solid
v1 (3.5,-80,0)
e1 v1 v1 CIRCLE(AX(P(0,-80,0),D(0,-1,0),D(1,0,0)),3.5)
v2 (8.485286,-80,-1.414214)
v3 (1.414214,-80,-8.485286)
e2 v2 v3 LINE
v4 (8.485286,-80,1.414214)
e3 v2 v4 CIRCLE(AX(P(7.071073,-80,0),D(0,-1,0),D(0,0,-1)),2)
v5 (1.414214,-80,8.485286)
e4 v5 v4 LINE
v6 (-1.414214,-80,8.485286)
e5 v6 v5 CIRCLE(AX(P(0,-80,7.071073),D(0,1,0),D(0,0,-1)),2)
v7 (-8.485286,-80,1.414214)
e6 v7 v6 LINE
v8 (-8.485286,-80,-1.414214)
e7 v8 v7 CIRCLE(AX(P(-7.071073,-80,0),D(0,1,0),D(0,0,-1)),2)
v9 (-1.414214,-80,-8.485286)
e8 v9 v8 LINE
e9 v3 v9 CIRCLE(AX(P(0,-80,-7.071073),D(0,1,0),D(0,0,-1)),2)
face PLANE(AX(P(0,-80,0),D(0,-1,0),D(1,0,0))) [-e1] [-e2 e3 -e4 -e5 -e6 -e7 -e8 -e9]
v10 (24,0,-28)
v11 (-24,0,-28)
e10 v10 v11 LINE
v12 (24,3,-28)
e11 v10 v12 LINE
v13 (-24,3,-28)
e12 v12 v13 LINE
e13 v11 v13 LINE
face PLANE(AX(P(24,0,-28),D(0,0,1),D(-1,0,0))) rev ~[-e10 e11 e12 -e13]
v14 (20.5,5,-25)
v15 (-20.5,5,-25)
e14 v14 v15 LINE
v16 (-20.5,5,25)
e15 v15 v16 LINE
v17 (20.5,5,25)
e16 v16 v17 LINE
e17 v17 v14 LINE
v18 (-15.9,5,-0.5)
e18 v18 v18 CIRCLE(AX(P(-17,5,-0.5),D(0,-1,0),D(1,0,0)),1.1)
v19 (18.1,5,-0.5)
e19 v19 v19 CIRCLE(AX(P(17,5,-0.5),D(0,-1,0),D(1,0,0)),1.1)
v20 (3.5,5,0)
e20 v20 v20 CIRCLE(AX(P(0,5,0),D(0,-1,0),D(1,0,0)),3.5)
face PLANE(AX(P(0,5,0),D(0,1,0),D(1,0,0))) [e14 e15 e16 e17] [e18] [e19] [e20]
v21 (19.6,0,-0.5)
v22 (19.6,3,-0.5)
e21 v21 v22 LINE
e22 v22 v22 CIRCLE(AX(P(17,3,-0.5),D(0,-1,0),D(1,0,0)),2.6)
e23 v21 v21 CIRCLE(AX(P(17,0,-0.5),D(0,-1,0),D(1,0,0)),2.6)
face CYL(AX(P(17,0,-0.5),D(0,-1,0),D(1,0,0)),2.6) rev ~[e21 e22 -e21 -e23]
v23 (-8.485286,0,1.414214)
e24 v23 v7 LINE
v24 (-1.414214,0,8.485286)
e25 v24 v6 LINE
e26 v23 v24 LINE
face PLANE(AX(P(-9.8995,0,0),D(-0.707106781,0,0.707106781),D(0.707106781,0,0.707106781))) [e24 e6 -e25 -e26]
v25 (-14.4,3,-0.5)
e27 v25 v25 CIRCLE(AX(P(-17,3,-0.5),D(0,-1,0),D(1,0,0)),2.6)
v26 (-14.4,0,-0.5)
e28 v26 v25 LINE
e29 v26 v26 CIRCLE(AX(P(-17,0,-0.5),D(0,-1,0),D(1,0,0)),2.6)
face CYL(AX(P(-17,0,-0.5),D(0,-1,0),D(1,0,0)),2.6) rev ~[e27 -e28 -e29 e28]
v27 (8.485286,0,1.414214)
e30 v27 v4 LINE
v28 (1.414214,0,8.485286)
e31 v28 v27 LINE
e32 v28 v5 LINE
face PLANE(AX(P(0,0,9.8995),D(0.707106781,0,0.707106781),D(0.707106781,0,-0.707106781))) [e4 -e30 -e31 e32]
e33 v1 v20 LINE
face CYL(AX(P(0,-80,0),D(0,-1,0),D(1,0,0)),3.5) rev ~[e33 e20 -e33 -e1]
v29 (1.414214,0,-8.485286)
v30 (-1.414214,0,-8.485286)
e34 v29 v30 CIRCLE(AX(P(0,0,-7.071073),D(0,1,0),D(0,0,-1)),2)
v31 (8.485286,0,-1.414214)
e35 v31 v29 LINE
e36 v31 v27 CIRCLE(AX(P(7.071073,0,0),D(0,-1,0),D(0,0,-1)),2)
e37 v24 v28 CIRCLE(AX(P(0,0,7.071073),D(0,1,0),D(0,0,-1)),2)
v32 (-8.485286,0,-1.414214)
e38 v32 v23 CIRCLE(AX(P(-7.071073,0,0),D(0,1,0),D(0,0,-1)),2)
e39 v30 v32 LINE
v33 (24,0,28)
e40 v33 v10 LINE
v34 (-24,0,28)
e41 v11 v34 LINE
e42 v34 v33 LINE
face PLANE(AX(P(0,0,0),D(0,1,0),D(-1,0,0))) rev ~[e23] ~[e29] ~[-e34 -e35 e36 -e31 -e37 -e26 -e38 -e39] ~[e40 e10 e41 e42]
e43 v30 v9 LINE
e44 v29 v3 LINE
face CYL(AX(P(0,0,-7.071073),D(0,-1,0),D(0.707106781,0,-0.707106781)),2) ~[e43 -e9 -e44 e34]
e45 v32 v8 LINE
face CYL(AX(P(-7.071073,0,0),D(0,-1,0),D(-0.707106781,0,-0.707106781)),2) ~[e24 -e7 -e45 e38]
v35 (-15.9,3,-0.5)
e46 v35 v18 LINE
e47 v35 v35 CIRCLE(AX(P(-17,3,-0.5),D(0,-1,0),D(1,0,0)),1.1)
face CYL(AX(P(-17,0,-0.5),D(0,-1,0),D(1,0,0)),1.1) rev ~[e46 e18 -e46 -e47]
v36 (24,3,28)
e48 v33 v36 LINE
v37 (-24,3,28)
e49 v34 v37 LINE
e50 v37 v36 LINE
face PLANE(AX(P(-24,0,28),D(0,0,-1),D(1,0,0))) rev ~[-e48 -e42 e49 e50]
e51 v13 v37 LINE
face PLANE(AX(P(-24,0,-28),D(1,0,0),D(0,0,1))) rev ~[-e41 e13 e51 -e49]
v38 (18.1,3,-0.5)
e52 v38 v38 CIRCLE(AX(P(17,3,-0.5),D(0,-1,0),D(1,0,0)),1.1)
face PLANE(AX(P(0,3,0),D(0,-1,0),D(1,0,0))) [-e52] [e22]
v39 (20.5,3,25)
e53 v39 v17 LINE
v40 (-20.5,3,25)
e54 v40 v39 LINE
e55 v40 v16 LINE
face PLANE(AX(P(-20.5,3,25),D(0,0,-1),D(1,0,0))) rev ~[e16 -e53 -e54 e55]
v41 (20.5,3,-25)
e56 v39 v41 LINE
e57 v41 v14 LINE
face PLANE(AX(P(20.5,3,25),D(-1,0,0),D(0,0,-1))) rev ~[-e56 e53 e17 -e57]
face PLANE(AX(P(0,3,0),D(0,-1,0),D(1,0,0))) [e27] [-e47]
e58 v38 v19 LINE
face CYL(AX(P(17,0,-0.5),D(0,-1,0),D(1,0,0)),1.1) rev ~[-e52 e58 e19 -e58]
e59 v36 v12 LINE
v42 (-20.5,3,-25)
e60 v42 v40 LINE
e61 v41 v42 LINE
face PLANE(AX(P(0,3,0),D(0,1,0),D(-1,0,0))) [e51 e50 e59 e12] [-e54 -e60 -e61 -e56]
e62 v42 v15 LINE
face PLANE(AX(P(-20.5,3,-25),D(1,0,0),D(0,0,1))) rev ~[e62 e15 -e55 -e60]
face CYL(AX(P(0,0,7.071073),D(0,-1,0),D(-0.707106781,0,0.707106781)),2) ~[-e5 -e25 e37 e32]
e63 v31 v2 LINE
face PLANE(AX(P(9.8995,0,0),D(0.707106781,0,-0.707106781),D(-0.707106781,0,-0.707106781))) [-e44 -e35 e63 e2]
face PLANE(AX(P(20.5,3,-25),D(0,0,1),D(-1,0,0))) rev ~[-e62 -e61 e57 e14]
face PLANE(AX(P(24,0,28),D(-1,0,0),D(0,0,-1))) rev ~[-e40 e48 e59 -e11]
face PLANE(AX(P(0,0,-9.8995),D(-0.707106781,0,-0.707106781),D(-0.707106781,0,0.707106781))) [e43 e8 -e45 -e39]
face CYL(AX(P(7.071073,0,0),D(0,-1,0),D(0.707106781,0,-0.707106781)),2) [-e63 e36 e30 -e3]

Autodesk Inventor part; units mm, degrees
ref_plane "YZ Plane" through (0, 0, 0) normal (1, 0, 0) x (0, 1, 0)
ref_plane "XZ Plane" through (0, 0, 0) normal (0, 1, 0) x (-1, 0, 0)
ref_plane "XY Plane" through (0, 0, 0) normal (0, 0, 1) x (1, 0, 0)
sketch "Esboço1" plane through (0, 0, 0) normal (0, 1, 0) x (-1, 0, 0)
  line L0 (24, 28) -> (-24, 28)
  line L1 (-24, 28) -> (-24, -28)
  line L2 (-24, -28) -> (24, -28)
  line L3 (24, -28) -> (24, 28)
  line L4 (24, 28) -> (-24, -28) construction
  line L5 (-24, 28) -> (24, -28) construction
  point P0 (0, 0)
  dimension "d0" = 48
  dimension "d1" = 56
extrude "Base" add sketch "Esboço1" along normal blind 3
sketch "Esboço2" plane through (0, 3, 0) normal (0, 1, 0) x (1, 0, 0)
  line L0 (-20.5, -25) -> (20.5, -25)
  line L1 (20.5, -25) -> (20.5, 25)
  line L2 (20.5, 25) -> (-20.5, 25)
  line L3 (-20.5, 25) -> (-20.5, -25)
  line L4 (-20.5, -25) -> (20.5, 25) construction
  line L5 (20.5, -25) -> (-20.5, 25) construction
  line L6 (-24, 28) -> (-24, -28) projected
  point P0 (0, 0)
  dimension "d4" = 41
  dimension "d5" = 50
extrude "Encaixe" add sketch "Esboço2" along normal blind 2
ref_plane "Plano de trabalho2" through (0, 0, -28) normal (-1, 0, 0) x (0, 0, 1)
sketch "Esboço9" plane through (0, 0, 0) normal (0, -1, 0) x (1, 0, 0)
  line L0 (9.8995, 0) -> (0, -9.8995)
  line L1 (0, -9.8995) -> (-9.8995, 0)
  line L2 (-9.8995, 0) -> (0, 9.8995)
  line L3 (0, 9.8995) -> (9.8995, 0)
  point P0 (0, 0)
  point P1 (0, 0)
  dimension "d33" = 14
extrude "Extrusão7" add sketch "Esboço9" along normal blind 80
sketch "Esboço10" plane through (0, -80, 0) normal (0, -1, 0) x (1, 0, 0)
  circle A0 centre (0, 0) radius 3.5
  dimension "d36" = 7
extrude "Extrusão8" cut sketch "Esboço10" against normal up to surface (85 mm away)
fillet "Arredondamento1" radius 2 4 edges at (-9.8995, -40, 0) (0, -40, -9.8995) (9.8995, -40, 0) (0, -40, 9.8995)
sketch "Esboço11" plane through (0, 0, 0) normal (0, -1, 0) x (1, 0, 0)
  circle A0 centre (-17, -0.5) radius 1.1
  circle A1 centre (17, -0.5) radius 1.1
  line L0 (-24, -28) -> (-24, 28) projected
  line L1 (24, 28) -> (24, -28) projected
  line L2 (24, -28) -> (-24, -28) projected
  point P0 (0, 0)
  dimension "d40" = 2.2
  dimension "d41" = 2.2
  dimension "d42" = 7
  dimension "d43" = 7
  dimension "d44" = 27.5
  dimension "d45" = 27.5
extrude "Extrusão9" cut sketch "Esboço11" against normal up to next
sketch "Esboço12" plane through (0, 0, 0) normal (0, -1, 0) x (1, 0, 0)
  circle A0 centre (-17, -0.5) radius 1.1 projected
  circle A1 centre (-17, -0.5) radius 2.6
  circle A2 centre (17, -0.5) radius 1.1 projected
  circle A3 centre (17, -0.5) radius 2.6
  point P0 (0, 0)
  dimension "d48" = 5.2
  dimension "d49" = 5.2
extrude "Extrusão10" cut sketch "Esboço12" against normal blind 3
properties part number "Tampa Eletroimã_3DPrint"
